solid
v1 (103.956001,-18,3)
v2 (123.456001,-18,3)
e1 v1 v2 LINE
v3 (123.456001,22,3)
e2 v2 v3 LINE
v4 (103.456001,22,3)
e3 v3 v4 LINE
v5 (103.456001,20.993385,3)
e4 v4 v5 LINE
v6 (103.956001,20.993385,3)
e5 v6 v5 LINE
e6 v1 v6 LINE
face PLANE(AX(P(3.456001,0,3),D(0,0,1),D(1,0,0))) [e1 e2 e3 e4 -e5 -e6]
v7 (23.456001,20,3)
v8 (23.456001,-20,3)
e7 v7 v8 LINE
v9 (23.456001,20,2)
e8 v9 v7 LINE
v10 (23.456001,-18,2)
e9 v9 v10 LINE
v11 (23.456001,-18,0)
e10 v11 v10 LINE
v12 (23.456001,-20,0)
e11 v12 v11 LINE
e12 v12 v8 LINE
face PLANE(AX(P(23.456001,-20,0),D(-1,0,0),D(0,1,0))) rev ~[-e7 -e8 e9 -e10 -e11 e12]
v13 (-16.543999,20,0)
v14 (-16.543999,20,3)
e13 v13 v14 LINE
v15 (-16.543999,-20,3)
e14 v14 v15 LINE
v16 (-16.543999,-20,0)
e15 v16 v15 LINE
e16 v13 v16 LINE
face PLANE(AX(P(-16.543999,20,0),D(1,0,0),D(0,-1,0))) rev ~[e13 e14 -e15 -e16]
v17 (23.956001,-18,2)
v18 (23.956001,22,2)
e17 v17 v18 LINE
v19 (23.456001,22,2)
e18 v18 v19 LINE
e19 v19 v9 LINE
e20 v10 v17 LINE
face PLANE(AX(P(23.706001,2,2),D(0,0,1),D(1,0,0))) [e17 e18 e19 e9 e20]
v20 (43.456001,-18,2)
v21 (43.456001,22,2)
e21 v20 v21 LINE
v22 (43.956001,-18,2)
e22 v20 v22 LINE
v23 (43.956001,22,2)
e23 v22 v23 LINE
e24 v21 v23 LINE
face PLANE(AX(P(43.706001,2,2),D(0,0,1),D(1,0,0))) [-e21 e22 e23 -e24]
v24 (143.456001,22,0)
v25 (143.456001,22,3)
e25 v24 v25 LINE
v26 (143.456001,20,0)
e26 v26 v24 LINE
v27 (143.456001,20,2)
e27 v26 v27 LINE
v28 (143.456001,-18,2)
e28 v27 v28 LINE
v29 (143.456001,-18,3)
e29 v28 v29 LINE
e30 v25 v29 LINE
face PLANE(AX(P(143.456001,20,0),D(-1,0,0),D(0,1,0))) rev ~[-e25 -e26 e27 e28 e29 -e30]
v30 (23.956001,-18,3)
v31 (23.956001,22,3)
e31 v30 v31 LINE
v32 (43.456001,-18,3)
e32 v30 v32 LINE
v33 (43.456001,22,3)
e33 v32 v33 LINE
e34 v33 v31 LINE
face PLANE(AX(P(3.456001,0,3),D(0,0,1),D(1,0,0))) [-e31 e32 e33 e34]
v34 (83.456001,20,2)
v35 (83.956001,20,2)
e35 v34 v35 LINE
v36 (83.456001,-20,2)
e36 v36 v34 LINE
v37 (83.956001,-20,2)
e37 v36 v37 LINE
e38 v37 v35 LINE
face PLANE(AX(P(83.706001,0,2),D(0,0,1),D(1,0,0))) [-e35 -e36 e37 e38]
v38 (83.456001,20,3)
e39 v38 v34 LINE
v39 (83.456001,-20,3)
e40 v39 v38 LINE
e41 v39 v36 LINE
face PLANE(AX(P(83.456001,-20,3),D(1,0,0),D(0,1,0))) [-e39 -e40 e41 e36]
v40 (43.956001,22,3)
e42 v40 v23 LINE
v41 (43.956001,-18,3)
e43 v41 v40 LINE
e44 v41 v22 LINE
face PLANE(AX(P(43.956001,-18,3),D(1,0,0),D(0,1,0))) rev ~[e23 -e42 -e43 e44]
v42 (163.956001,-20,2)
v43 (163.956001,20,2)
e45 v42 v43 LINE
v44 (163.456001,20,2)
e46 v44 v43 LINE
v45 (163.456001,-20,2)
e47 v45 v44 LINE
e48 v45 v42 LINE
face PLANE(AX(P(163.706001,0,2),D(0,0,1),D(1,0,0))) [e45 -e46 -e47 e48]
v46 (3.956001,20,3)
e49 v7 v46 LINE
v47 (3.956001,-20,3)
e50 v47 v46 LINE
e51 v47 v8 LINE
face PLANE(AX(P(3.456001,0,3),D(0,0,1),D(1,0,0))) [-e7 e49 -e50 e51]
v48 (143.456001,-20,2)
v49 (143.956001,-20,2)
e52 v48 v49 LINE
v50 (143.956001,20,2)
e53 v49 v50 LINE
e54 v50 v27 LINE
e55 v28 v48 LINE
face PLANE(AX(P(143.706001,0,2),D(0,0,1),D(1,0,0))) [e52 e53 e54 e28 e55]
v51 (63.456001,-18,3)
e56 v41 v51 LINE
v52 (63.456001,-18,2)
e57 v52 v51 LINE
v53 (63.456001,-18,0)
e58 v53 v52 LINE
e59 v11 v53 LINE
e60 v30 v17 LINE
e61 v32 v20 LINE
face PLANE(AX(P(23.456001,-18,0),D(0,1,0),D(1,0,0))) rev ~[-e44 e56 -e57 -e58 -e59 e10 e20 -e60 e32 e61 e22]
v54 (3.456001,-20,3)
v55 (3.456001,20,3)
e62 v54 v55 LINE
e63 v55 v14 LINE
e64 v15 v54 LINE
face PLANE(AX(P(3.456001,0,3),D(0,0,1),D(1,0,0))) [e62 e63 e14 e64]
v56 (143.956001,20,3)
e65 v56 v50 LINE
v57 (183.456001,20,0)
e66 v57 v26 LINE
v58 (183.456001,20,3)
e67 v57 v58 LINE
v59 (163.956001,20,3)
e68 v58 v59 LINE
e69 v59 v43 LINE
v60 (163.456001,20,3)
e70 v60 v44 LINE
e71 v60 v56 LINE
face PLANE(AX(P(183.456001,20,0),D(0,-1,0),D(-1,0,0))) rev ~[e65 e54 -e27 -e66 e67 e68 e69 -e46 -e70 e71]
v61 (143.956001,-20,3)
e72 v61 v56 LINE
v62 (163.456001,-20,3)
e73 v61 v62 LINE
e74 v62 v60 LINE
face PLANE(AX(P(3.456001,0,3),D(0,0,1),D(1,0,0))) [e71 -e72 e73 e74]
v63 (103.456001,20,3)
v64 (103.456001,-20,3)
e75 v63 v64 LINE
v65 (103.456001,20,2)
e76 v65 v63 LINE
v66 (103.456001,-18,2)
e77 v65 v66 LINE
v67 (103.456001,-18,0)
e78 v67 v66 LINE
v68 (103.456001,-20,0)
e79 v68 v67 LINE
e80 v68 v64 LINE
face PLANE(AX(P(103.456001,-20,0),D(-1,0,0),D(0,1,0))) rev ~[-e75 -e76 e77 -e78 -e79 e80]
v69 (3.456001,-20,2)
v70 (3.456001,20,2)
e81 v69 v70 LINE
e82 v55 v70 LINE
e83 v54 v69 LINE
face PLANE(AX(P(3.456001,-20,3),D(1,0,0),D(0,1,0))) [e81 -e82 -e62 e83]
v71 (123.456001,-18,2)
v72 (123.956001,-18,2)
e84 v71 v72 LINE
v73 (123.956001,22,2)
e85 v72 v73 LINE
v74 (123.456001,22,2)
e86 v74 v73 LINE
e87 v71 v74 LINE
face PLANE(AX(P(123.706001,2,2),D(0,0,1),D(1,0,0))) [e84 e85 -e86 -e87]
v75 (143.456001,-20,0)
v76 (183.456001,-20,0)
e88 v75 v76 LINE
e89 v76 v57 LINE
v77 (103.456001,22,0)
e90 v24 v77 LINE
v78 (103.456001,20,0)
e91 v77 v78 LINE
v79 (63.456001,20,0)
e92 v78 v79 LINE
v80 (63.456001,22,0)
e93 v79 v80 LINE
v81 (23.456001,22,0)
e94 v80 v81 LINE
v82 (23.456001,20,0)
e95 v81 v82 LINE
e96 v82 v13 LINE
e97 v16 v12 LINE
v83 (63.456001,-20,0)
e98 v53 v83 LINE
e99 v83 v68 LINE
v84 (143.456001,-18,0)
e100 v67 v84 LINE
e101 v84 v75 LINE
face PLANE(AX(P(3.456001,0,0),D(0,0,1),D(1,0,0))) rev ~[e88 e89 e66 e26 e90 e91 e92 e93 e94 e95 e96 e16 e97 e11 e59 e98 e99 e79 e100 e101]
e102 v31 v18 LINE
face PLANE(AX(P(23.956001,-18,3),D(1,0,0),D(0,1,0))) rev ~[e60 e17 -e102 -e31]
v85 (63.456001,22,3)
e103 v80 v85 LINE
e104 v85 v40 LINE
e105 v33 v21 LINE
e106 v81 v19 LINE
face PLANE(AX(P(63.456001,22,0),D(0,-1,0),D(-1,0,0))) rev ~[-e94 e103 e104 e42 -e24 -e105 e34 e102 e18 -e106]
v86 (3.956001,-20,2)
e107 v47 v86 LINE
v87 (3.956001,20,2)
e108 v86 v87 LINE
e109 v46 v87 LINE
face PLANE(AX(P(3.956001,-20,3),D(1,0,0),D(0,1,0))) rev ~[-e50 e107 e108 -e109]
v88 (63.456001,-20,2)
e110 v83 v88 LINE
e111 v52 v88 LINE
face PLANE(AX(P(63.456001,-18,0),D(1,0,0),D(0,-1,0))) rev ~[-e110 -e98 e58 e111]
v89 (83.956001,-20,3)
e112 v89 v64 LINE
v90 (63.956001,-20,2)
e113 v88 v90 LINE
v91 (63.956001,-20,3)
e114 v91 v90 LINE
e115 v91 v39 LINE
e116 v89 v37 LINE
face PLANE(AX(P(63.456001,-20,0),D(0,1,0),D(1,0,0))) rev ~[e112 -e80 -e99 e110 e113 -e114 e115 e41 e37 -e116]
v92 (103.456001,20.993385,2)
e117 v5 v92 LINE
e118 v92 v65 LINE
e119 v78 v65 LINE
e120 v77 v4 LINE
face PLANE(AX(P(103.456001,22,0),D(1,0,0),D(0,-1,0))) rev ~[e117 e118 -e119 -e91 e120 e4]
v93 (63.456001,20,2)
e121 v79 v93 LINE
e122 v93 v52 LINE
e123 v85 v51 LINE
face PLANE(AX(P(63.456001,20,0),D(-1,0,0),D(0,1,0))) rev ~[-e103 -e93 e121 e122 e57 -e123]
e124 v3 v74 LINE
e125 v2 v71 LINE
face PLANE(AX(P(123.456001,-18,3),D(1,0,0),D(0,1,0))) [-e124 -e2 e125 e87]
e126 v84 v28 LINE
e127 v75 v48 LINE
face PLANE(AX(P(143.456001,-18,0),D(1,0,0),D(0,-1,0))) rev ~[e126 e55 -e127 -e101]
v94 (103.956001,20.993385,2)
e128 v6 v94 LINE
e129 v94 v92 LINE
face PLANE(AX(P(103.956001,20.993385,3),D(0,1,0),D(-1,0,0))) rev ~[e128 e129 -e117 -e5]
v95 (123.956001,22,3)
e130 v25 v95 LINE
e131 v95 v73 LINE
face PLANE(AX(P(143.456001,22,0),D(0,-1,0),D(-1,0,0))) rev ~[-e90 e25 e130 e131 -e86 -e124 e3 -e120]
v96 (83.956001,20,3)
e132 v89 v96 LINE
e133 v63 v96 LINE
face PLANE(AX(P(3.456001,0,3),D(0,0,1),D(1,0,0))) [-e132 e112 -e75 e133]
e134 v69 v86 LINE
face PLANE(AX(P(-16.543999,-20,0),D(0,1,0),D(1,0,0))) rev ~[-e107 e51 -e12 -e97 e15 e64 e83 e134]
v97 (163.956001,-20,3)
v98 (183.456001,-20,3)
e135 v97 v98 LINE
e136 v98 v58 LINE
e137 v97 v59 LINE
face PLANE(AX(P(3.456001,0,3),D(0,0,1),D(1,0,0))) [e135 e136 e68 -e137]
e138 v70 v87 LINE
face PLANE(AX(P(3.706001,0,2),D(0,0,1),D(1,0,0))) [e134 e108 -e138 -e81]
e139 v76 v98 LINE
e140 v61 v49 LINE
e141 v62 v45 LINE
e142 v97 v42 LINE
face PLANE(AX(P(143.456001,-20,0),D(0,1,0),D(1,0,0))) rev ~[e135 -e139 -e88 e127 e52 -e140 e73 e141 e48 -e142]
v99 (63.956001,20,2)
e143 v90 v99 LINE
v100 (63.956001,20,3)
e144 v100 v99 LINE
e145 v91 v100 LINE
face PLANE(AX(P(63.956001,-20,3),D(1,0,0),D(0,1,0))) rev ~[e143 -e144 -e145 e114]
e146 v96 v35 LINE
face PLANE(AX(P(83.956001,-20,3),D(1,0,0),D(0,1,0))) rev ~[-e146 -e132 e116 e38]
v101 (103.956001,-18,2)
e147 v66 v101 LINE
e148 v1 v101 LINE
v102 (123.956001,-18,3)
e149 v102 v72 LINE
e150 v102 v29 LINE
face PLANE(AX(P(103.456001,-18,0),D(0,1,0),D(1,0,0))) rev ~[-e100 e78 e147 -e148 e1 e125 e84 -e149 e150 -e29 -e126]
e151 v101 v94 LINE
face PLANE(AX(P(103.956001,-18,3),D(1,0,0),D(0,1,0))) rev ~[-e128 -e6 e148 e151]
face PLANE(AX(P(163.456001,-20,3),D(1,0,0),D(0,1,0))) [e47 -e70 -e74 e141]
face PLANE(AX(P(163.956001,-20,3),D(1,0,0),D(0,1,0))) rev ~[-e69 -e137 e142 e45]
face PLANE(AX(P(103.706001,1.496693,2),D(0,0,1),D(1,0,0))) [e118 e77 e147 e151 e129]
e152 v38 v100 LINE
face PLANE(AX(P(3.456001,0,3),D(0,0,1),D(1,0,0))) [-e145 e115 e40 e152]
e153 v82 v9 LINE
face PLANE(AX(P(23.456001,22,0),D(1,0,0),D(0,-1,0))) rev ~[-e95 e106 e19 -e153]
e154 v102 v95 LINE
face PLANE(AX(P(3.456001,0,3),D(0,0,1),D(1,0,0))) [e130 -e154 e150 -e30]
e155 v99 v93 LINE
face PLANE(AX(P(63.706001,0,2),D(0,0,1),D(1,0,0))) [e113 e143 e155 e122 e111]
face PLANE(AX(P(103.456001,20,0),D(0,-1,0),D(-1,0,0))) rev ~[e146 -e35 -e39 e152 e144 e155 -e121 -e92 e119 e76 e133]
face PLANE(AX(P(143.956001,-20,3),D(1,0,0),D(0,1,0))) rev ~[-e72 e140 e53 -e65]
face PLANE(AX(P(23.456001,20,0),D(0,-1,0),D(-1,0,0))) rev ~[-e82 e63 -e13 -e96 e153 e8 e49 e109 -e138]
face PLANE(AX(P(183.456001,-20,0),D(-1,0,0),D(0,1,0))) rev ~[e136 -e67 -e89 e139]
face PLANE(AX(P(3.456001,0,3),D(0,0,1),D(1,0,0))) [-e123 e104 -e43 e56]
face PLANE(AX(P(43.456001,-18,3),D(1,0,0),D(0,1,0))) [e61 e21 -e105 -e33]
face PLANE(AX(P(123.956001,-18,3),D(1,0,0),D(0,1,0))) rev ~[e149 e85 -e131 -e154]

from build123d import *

# Parameters (mm, degrees)
F1_DEPTH = 3
F2_W     = 0.5
F2_H     = 40
F3_DEPTH = 1


with BuildPart() as f1:
    # F0 (on Top) → F1 (new body)
    with BuildSketch(Plane.XY):
        Polygon((-16.5439993548, -20), (23.4560006452, -20), (23.4560006452, -18), (23.4560006452, 20), (-16.5439993548, 20), align=None)
        Polygon((23.4560006452, 20), (23.4560006452, -18), (63.4560006452, -18), (63.4560006452, 20), (63.4560006452, 22), (23.4560006452, 22), align=None)
        Polygon((63.4560006452, 20), (63.4560006452, -18), (63.4560006452, -20), (103.4560006452, -20), (103.4560006452, -18), (103.4560006452, 20), align=None)
        Polygon((103.4560006452, 22), (103.4560006452, 20), (103.4560006452, -18), (143.4560006452, -18), (143.4560006452, 20), (143.4560006452, 22), align=None)
        Polygon((143.4560006452, 20), (143.4560006452, -18), (143.4560006452, -20), (183.4560006452, -20), (183.4560006452, 20), align=None)
    extrude(amount=F1_DEPTH)

    # F2 (on face) → F3 (cut)
    with BuildSketch(Plane.XY.offset(3)):
        with Locations((3.7060006452, 0)):
            Rectangle(F2_W, F2_H)
        Polygon((23.4560006452, 22), (23.4560006452, 20), (23.4560006452, -18), (23.9560006452, -18), (23.9560006452, 22), align=None)
        with Locations((43.7060006452, 2)):
            Rectangle(F2_W, F2_H)
        Polygon((63.4560006452, 20), (63.4560006452, -18), (63.4560006452, -20), (63.9560006452, -20), (63.9560006452, 20), align=None)
        with Locations((83.7060006452, 0)):
            Rectangle(F2_W, F2_H)
        Polygon((103.4560006452, 20.9933852739), (103.4560006452, 20), (103.4560006452, -18), (103.9560006452, -18), (103.9560006452, 20.9933852739), align=None)
        with Locations((123.7060006452, 2)):
            Rectangle(F2_W, F2_H)
        Polygon((143.4560006452, 20), (143.4560006452, -18), (143.4560006452, -20), (143.9560006452, -20), (143.9560006452, 20), align=None)
        with Locations((163.7060006452, 0)):
            Rectangle(F2_W, F2_H)
    extrude(amount=-F3_DEPTH, mode=Mode.SUBTRACT)


solid = f1.part
